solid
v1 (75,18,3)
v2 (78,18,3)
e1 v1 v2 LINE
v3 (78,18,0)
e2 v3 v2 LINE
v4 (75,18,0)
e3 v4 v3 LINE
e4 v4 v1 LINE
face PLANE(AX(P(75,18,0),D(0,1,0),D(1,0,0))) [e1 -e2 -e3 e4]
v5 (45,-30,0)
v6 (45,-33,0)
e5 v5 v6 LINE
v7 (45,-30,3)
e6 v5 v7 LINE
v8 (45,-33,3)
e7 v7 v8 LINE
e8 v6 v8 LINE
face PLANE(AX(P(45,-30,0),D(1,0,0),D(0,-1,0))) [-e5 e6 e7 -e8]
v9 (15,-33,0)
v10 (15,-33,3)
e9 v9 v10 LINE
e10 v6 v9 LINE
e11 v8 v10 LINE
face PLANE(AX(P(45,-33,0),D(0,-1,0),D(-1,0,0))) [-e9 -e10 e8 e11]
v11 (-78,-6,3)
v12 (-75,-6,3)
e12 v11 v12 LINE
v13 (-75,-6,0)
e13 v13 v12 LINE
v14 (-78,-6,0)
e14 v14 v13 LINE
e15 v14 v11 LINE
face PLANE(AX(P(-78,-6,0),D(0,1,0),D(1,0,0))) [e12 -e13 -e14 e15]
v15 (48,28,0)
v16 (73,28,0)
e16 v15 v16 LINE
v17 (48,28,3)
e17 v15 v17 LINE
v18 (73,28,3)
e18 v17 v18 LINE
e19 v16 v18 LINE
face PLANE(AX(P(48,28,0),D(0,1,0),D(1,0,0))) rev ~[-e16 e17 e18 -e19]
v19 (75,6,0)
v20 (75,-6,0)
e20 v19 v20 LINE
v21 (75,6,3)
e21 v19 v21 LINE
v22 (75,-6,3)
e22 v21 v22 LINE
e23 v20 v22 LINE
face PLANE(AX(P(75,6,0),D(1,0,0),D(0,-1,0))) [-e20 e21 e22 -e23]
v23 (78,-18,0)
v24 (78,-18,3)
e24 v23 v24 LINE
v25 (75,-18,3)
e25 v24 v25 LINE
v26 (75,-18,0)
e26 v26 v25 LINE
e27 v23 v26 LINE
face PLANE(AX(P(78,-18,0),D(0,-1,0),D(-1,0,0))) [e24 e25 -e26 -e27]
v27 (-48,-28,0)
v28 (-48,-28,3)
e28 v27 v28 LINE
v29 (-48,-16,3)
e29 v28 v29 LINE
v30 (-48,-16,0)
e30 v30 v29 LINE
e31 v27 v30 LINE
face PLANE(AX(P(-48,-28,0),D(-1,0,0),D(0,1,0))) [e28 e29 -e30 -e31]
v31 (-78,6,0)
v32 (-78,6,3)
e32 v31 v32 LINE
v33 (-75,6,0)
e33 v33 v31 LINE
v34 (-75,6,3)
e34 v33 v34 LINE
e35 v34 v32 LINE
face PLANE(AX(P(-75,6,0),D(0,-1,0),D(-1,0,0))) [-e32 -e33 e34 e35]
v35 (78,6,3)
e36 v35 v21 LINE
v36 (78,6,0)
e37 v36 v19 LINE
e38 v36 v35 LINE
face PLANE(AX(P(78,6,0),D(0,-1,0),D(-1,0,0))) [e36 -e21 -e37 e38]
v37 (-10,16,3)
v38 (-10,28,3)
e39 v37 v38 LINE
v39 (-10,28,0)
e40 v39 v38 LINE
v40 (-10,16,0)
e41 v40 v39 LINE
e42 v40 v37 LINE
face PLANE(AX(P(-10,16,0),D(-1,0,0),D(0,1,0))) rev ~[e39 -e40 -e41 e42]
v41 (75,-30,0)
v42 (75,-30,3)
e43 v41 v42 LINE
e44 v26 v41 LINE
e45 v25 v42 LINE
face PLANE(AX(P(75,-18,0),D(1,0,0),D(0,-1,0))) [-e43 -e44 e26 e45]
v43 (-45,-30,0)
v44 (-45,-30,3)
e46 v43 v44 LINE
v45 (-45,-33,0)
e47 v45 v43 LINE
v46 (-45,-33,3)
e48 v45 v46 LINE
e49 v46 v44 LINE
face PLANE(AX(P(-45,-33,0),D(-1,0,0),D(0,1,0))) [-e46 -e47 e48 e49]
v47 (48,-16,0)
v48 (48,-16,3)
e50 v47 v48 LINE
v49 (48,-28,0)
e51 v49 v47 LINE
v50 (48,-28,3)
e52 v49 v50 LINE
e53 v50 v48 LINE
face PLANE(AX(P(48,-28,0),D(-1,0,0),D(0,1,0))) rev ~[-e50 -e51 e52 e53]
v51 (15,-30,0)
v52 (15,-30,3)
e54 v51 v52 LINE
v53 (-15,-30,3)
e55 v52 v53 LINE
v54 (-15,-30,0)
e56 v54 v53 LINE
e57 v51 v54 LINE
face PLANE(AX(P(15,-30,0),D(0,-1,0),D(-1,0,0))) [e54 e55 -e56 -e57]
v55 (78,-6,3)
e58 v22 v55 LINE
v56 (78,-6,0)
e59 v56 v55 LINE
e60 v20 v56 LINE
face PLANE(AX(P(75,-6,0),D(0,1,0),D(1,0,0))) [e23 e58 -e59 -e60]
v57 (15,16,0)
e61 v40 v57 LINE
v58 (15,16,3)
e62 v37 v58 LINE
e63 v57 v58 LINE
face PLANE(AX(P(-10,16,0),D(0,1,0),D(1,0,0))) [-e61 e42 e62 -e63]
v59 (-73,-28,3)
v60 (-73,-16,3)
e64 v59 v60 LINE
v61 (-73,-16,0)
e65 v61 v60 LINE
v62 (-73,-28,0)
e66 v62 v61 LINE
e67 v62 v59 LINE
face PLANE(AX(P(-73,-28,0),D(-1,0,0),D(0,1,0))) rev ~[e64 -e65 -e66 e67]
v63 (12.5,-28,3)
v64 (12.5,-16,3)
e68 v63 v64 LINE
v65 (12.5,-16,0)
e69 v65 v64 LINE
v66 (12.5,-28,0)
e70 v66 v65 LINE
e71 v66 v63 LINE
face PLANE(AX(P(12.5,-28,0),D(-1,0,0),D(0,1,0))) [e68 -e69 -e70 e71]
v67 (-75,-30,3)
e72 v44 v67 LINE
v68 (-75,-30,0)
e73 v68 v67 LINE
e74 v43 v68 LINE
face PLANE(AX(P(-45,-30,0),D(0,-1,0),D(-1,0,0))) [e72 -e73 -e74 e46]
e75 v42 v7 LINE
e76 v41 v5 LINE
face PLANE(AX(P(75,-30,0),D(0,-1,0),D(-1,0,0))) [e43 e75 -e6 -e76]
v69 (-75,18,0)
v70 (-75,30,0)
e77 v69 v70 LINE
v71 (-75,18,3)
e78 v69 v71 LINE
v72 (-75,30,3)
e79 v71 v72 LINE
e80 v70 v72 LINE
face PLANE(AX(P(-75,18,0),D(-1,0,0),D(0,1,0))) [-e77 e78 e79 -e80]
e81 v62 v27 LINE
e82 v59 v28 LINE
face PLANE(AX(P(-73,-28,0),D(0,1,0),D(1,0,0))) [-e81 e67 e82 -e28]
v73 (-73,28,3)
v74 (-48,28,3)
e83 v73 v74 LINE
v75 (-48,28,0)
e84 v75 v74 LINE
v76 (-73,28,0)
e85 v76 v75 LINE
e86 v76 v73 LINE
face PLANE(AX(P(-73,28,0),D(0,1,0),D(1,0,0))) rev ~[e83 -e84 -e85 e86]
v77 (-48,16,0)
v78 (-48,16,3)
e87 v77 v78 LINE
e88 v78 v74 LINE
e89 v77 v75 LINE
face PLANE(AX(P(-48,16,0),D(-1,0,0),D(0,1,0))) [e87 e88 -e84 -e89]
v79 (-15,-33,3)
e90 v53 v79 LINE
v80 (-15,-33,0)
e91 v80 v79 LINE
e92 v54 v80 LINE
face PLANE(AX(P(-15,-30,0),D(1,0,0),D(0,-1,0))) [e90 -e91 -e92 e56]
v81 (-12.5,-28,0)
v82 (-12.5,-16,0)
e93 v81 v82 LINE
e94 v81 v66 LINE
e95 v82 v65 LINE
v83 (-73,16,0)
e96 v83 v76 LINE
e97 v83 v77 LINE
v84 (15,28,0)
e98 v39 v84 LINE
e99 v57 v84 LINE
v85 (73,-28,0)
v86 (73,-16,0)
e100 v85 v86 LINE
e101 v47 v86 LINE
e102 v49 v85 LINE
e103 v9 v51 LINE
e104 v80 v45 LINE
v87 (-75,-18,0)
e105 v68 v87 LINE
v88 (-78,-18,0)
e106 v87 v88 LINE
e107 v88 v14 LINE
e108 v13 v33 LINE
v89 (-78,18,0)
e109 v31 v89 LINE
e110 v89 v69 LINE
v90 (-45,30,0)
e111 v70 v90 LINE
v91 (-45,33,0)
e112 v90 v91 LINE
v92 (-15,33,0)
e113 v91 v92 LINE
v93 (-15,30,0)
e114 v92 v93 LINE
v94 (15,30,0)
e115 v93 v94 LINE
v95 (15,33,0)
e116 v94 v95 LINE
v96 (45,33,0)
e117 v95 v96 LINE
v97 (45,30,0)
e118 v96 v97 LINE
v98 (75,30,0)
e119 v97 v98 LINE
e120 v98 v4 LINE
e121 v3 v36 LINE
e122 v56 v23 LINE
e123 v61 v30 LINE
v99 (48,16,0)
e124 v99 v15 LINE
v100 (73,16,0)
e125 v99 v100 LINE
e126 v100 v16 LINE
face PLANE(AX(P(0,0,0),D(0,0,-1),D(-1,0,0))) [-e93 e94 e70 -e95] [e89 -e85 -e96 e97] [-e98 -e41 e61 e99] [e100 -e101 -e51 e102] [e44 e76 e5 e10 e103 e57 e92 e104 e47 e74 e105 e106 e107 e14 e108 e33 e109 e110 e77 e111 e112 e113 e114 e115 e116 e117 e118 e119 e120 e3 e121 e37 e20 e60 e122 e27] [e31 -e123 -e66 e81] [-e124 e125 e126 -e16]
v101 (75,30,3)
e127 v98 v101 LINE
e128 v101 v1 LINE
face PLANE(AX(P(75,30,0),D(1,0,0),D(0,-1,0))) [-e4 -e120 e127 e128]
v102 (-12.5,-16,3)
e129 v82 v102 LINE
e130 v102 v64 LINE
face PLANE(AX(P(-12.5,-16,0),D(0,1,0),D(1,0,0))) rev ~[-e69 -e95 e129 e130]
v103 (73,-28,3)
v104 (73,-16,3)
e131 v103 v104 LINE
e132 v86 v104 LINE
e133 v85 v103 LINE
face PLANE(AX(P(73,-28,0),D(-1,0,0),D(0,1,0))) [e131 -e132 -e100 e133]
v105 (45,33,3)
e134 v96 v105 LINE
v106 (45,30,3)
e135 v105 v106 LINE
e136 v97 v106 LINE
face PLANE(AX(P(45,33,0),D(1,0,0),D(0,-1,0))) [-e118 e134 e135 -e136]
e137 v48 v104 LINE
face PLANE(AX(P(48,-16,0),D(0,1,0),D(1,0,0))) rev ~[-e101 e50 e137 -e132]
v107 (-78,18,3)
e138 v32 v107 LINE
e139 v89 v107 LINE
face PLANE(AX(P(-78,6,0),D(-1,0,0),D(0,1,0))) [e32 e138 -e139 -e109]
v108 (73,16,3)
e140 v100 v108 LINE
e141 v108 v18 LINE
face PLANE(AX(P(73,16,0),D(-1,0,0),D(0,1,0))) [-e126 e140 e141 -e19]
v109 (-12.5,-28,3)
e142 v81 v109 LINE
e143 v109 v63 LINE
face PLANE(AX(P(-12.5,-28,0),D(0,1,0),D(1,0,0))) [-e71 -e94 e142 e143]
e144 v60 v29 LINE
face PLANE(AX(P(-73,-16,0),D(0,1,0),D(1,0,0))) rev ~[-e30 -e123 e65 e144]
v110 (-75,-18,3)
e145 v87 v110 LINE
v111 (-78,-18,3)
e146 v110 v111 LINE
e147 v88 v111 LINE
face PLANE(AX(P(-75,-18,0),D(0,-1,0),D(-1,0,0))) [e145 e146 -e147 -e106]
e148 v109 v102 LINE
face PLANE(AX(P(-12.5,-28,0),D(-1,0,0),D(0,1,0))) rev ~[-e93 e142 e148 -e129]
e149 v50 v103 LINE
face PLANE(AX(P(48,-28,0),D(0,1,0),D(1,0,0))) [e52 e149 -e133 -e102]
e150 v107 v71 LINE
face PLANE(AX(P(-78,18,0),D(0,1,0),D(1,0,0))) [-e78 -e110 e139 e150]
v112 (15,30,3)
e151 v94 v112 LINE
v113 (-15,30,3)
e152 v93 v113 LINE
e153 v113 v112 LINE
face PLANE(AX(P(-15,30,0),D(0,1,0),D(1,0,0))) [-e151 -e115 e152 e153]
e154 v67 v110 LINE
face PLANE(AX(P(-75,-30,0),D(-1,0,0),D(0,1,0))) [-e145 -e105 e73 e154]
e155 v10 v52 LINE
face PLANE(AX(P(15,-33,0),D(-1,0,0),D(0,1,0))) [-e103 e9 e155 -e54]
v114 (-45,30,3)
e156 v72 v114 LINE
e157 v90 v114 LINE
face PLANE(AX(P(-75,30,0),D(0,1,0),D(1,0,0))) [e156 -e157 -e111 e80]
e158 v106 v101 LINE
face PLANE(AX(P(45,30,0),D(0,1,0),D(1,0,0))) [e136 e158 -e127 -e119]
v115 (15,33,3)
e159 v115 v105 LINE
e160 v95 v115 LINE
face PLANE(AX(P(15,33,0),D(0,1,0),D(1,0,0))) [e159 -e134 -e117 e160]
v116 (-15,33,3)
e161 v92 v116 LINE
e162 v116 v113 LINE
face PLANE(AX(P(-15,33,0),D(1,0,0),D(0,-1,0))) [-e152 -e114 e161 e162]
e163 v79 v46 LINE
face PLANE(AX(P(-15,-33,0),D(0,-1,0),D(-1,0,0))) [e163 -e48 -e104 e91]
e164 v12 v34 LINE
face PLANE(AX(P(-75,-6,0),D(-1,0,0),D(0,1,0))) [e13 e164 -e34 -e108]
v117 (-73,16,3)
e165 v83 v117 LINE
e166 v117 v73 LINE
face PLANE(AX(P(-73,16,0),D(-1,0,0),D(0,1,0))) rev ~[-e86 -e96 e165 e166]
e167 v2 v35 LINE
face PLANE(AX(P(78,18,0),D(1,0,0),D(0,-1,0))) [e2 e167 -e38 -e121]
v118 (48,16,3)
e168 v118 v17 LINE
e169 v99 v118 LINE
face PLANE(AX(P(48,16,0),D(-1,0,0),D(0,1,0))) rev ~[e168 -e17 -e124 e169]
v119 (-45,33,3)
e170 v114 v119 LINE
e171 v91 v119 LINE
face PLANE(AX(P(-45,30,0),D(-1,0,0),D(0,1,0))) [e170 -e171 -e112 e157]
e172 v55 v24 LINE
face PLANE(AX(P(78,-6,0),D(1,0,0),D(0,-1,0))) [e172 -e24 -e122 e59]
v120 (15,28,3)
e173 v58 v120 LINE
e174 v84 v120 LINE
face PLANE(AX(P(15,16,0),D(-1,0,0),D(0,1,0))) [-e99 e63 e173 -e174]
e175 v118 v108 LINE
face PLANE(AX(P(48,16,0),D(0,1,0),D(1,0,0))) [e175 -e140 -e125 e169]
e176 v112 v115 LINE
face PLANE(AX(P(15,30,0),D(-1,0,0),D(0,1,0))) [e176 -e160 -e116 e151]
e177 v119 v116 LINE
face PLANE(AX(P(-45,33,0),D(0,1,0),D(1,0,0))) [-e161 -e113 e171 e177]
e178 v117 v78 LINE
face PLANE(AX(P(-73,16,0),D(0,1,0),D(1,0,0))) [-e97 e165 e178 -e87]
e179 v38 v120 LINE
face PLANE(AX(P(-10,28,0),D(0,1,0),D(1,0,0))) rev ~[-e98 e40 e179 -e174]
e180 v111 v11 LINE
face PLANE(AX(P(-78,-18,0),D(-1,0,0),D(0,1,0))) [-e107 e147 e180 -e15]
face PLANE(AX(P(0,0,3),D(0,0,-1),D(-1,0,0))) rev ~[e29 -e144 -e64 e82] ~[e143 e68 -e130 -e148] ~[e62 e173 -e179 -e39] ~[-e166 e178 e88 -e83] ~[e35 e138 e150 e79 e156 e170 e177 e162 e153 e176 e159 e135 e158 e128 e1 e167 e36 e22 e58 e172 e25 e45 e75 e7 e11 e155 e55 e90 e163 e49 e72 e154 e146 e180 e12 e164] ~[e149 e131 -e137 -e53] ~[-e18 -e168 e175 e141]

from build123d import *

# Parameters (mm, degrees)
ESBO_O1_W                = 25
ESBO_O1_H                = 12
RESSALTO_EXTRUS_O1_DEPTH = 3


with BuildPart() as part:
    # Esboço1 → Ressalto-extrusão1 (new body)
    with BuildSketch(Plane.XY):
        Polygon((-15, 30), (15, 30), (15, 33), (45, 33), (45, 30), (75, 30), (75, 18), (78, 18), (78, 6), (75, 6), (75, -6), (78, -6), (78, -18), (75, -18), (75, -30), (45, -30), (45, -33), (15, -33), (15, -30), (-15, -30), (-15, -33), (-45, -33), (-45, -30), (-75, -30), (-75, -18), (-78, -18), (-78, -6), (-75, -6), (-75, 6), (-78, 6), (-78, 18), (-75, 18), (-75, 30), (-45, 30), (-45, 33), (-15, 33), align=None)
        with Locations((60.5, -22)):
            Rectangle(ESBO_O1_W, ESBO_O1_H, mode=Mode.SUBTRACT)
        with Locations((-60.5, -22)):
            Rectangle(ESBO_O1_W, ESBO_O1_H, mode=Mode.SUBTRACT)
        with Locations((-60.5, 22)):
            Rectangle(ESBO_O1_W, ESBO_O1_H, mode=Mode.SUBTRACT)
        with Locations((60.5, 22)):
            Rectangle(ESBO_O1_W, ESBO_O1_H, mode=Mode.SUBTRACT)
        with Locations((0, -22)):
            Rectangle(ESBO_O1_W, ESBO_O1_H, mode=Mode.SUBTRACT)
        with Locations((2.5, 22)):
            Rectangle(ESBO_O1_W, ESBO_O1_H, mode=Mode.SUBTRACT)
    extrude(amount=RESSALTO_EXTRUS_O1_DEPTH)


solid = part.part
